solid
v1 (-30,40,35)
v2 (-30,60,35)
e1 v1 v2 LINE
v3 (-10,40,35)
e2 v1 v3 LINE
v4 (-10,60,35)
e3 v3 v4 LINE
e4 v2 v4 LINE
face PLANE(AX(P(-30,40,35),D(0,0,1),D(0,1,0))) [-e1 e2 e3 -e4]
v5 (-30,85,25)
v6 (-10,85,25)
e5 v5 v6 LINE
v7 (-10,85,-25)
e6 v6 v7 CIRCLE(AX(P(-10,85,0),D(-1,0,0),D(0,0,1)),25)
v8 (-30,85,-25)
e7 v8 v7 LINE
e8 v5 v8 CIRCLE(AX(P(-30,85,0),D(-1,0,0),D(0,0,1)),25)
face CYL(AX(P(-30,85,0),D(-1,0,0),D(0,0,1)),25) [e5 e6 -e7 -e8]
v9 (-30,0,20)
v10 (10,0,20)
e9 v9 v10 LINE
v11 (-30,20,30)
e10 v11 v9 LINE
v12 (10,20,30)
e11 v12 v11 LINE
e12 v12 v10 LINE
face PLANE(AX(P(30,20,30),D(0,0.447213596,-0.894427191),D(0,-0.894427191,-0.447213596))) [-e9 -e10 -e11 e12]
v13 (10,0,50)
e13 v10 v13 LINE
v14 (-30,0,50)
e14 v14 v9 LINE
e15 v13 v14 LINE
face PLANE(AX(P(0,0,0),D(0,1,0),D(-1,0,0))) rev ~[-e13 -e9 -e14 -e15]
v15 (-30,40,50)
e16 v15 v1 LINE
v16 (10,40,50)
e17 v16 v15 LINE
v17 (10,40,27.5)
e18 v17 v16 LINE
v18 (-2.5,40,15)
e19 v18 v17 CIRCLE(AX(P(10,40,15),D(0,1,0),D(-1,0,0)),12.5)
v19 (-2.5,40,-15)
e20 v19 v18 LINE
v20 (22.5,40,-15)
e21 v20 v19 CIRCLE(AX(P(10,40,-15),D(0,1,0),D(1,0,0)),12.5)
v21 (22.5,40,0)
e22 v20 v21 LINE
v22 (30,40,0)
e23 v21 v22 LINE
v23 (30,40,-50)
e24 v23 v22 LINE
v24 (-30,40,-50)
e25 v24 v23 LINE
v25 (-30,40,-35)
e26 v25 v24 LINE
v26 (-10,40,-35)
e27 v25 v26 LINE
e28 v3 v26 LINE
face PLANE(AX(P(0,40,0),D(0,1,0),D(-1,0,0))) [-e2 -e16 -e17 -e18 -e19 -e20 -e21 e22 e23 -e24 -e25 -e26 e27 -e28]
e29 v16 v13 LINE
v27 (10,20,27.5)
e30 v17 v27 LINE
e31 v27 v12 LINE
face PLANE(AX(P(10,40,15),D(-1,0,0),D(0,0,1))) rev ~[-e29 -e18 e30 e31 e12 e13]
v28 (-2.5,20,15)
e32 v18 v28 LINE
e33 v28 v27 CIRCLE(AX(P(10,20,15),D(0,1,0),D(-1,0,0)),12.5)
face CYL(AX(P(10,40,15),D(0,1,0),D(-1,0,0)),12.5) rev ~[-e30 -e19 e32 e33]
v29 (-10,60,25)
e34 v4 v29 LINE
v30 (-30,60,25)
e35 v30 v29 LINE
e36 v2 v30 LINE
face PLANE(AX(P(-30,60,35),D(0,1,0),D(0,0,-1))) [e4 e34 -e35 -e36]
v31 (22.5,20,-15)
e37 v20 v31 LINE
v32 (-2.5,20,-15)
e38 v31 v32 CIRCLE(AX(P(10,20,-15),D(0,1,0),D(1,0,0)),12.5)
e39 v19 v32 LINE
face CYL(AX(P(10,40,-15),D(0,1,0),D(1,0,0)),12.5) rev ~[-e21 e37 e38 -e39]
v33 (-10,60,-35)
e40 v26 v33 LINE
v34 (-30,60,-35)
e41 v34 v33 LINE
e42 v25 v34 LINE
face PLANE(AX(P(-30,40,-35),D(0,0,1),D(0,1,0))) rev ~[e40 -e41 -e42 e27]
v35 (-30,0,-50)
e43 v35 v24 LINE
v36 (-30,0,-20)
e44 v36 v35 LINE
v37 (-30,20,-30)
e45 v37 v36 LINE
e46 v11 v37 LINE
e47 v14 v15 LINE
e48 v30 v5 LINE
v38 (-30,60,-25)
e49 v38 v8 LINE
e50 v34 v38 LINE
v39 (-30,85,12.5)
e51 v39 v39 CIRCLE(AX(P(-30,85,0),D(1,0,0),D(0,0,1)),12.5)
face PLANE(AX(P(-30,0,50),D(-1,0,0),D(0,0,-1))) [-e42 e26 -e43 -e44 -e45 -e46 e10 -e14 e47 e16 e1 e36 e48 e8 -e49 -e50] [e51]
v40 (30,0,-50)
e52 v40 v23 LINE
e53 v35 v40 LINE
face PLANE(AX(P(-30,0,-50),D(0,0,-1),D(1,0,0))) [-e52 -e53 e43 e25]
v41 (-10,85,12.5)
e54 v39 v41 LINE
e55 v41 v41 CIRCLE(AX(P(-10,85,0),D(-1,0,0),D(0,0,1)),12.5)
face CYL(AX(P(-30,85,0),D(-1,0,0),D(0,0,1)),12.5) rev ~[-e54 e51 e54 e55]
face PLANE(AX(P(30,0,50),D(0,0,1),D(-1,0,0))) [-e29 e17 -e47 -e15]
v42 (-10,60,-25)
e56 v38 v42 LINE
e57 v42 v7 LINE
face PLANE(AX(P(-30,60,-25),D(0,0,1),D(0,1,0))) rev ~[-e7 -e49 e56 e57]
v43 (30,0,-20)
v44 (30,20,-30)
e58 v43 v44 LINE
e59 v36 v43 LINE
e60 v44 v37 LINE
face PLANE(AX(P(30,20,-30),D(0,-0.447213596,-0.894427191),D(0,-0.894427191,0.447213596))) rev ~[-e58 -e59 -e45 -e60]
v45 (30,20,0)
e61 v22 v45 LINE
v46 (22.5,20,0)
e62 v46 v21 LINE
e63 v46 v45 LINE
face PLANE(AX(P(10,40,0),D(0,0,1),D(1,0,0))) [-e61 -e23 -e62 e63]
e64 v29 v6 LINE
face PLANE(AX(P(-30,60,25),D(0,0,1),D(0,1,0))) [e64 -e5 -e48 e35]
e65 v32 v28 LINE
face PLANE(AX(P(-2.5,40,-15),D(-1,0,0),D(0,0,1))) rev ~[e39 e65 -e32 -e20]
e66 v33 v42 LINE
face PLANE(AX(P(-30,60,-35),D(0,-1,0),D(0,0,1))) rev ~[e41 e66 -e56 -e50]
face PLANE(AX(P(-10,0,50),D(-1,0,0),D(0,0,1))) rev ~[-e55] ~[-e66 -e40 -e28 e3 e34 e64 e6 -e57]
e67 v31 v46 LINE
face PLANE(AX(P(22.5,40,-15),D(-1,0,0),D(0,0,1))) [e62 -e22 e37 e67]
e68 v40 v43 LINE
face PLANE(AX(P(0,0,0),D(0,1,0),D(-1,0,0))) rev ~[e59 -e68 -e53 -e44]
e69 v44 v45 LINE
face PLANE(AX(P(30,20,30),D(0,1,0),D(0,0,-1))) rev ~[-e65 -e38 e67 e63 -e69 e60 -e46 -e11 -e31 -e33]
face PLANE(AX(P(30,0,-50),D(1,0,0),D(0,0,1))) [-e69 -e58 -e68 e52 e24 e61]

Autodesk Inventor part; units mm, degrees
ref_plane "YZ Plane" through (0, 0, 0) normal (1, 0, 0) x (0, 1, 0)
ref_plane "XZ Plane" through (0, 0, 0) normal (0, 1, 0) x (-1, 0, 0)
sketch "Эскиз1" plane through (0, 0, 0) normal (0, 1, 0) x (-1, 0, 0)
  line L0 (30, 50) -> (30, -50)
  line L1 (30, -50) -> (-30, -50)
  line L2 (-30, -50) -> (-30, 50)
  line L3 (-30, 50) -> (30, 50)
  point P0 (0, 0)
  dimension "d2" = 100
  dimension "d3" = 60
  dimension "d4" = 100
extrude "Выдавливание1" add sketch "Эскиз1" along normal blind 40
sketch "Эскиз2" plane through (30, 0, 50) normal (1, 0, 0) x (0, 0, -1)
  line L0 (30, 0) -> (70, 0)
  line L1 (20, 20) -> (80, 20)
  line L2 (80, 20) -> (70, 0)
  line L3 (20, 20) -> (30, 0)
  point P0 (50, 0)
  dimension "d8" = 40
  dimension "d11" = 60
extrude "Выдавливание2" cut sketch "Эскиз2" along normal mid plane 160
sketch "Эскиз4" plane through (0, 40, 0) normal (0, 1, 0) x (1, 0, 0)
  line L0 (30, -30) -> (30, 30) projected
  line L1 (30, -50) -> (30, 50) projected
  arc A0 (22.5, 15) -> (-2.5, 15) centre (10, 15) ccw
  arc A1 (-2.5, -15) -> (22.5, -15) centre (10, -15) ccw
  line L2 (-2.5, 15) -> (-2.5, -15)
  line L3 (22.5, 15) -> (22.5, -15)
  point P0 (0, 0)
extrude "Выдавливание5" cut sketch "Эскиз4" against normal blind 20
sketch "Эскиз5" plane through (-30, 0, 50) normal (-1, 0, 0) x (0, 0, 1)
  line L0 (0, 40) -> (-100, 40) projected
  line L1 (-100, 40) -> (-85, 40)
  line L2 (-85, 40) -> (-15, 40)
  line L3 (-85, 40) -> (-85, 60)
  line L4 (-85, 60) -> (-75, 60)
  line L5 (-15, 40) -> (-15, 60)
  line L6 (-15, 60) -> (-25, 60)
  line L7 (-25, 60) -> (-25, 85)
  line L8 (-75, 60) -> (-75, 85)
  arc A0 (-25, 85) -> (-75, 85) centre (-50, 85) ccw
  line L9 (-75, 85) -> (-25, 85)
  circle A1 centre (-50, 85) radius 12.5
  point P0 (-50, 0)
  dimension "d50" = 70
  dimension "d51" = 20
  dimension "d52" = 10
  dimension "d53" = 20
  dimension "d54" = 10
  dimension "d55" = 25
  dimension "d56" = 25
  dimension "d59" = 25
extrude "Выдавливание6" add sketch "Эскиз5" against normal blind 20 contours L0 L3 L4 L8 L9 A1 L7 L6 L5 | L9 A1 A0
ref_plane "РабПлоскость1" through (10, 0, -50) normal (1, 0, 0) x (0, 0, -1)
sketch "Эскиз6" plane through (0, 40, 0) normal (0, 1, 0) x (1, 0, 0)
  arc A0 (-2.5, -15) -> (22.5, -15) centre (10, -15) ccw projected
  line L0 (10, -15) -> (10, -69.4027)
  line L1 (10, -69.4027) -> (54.89, -69.4027)
  line L2 (54.89, -69.4027) -> (54.89, -15)
  line L3 (10, -15) -> (10, 0)
  line L4 (10, 0) -> (54.89, 0)
  line L5 (54.89, 0) -> (54.89, -15)
  point P0 (0, 0)
  dimension "d65" = 12.5
extrude "Выдавливание7" cut sketch "Эскиз6" against normal blind 80
properties part number "Урок"
